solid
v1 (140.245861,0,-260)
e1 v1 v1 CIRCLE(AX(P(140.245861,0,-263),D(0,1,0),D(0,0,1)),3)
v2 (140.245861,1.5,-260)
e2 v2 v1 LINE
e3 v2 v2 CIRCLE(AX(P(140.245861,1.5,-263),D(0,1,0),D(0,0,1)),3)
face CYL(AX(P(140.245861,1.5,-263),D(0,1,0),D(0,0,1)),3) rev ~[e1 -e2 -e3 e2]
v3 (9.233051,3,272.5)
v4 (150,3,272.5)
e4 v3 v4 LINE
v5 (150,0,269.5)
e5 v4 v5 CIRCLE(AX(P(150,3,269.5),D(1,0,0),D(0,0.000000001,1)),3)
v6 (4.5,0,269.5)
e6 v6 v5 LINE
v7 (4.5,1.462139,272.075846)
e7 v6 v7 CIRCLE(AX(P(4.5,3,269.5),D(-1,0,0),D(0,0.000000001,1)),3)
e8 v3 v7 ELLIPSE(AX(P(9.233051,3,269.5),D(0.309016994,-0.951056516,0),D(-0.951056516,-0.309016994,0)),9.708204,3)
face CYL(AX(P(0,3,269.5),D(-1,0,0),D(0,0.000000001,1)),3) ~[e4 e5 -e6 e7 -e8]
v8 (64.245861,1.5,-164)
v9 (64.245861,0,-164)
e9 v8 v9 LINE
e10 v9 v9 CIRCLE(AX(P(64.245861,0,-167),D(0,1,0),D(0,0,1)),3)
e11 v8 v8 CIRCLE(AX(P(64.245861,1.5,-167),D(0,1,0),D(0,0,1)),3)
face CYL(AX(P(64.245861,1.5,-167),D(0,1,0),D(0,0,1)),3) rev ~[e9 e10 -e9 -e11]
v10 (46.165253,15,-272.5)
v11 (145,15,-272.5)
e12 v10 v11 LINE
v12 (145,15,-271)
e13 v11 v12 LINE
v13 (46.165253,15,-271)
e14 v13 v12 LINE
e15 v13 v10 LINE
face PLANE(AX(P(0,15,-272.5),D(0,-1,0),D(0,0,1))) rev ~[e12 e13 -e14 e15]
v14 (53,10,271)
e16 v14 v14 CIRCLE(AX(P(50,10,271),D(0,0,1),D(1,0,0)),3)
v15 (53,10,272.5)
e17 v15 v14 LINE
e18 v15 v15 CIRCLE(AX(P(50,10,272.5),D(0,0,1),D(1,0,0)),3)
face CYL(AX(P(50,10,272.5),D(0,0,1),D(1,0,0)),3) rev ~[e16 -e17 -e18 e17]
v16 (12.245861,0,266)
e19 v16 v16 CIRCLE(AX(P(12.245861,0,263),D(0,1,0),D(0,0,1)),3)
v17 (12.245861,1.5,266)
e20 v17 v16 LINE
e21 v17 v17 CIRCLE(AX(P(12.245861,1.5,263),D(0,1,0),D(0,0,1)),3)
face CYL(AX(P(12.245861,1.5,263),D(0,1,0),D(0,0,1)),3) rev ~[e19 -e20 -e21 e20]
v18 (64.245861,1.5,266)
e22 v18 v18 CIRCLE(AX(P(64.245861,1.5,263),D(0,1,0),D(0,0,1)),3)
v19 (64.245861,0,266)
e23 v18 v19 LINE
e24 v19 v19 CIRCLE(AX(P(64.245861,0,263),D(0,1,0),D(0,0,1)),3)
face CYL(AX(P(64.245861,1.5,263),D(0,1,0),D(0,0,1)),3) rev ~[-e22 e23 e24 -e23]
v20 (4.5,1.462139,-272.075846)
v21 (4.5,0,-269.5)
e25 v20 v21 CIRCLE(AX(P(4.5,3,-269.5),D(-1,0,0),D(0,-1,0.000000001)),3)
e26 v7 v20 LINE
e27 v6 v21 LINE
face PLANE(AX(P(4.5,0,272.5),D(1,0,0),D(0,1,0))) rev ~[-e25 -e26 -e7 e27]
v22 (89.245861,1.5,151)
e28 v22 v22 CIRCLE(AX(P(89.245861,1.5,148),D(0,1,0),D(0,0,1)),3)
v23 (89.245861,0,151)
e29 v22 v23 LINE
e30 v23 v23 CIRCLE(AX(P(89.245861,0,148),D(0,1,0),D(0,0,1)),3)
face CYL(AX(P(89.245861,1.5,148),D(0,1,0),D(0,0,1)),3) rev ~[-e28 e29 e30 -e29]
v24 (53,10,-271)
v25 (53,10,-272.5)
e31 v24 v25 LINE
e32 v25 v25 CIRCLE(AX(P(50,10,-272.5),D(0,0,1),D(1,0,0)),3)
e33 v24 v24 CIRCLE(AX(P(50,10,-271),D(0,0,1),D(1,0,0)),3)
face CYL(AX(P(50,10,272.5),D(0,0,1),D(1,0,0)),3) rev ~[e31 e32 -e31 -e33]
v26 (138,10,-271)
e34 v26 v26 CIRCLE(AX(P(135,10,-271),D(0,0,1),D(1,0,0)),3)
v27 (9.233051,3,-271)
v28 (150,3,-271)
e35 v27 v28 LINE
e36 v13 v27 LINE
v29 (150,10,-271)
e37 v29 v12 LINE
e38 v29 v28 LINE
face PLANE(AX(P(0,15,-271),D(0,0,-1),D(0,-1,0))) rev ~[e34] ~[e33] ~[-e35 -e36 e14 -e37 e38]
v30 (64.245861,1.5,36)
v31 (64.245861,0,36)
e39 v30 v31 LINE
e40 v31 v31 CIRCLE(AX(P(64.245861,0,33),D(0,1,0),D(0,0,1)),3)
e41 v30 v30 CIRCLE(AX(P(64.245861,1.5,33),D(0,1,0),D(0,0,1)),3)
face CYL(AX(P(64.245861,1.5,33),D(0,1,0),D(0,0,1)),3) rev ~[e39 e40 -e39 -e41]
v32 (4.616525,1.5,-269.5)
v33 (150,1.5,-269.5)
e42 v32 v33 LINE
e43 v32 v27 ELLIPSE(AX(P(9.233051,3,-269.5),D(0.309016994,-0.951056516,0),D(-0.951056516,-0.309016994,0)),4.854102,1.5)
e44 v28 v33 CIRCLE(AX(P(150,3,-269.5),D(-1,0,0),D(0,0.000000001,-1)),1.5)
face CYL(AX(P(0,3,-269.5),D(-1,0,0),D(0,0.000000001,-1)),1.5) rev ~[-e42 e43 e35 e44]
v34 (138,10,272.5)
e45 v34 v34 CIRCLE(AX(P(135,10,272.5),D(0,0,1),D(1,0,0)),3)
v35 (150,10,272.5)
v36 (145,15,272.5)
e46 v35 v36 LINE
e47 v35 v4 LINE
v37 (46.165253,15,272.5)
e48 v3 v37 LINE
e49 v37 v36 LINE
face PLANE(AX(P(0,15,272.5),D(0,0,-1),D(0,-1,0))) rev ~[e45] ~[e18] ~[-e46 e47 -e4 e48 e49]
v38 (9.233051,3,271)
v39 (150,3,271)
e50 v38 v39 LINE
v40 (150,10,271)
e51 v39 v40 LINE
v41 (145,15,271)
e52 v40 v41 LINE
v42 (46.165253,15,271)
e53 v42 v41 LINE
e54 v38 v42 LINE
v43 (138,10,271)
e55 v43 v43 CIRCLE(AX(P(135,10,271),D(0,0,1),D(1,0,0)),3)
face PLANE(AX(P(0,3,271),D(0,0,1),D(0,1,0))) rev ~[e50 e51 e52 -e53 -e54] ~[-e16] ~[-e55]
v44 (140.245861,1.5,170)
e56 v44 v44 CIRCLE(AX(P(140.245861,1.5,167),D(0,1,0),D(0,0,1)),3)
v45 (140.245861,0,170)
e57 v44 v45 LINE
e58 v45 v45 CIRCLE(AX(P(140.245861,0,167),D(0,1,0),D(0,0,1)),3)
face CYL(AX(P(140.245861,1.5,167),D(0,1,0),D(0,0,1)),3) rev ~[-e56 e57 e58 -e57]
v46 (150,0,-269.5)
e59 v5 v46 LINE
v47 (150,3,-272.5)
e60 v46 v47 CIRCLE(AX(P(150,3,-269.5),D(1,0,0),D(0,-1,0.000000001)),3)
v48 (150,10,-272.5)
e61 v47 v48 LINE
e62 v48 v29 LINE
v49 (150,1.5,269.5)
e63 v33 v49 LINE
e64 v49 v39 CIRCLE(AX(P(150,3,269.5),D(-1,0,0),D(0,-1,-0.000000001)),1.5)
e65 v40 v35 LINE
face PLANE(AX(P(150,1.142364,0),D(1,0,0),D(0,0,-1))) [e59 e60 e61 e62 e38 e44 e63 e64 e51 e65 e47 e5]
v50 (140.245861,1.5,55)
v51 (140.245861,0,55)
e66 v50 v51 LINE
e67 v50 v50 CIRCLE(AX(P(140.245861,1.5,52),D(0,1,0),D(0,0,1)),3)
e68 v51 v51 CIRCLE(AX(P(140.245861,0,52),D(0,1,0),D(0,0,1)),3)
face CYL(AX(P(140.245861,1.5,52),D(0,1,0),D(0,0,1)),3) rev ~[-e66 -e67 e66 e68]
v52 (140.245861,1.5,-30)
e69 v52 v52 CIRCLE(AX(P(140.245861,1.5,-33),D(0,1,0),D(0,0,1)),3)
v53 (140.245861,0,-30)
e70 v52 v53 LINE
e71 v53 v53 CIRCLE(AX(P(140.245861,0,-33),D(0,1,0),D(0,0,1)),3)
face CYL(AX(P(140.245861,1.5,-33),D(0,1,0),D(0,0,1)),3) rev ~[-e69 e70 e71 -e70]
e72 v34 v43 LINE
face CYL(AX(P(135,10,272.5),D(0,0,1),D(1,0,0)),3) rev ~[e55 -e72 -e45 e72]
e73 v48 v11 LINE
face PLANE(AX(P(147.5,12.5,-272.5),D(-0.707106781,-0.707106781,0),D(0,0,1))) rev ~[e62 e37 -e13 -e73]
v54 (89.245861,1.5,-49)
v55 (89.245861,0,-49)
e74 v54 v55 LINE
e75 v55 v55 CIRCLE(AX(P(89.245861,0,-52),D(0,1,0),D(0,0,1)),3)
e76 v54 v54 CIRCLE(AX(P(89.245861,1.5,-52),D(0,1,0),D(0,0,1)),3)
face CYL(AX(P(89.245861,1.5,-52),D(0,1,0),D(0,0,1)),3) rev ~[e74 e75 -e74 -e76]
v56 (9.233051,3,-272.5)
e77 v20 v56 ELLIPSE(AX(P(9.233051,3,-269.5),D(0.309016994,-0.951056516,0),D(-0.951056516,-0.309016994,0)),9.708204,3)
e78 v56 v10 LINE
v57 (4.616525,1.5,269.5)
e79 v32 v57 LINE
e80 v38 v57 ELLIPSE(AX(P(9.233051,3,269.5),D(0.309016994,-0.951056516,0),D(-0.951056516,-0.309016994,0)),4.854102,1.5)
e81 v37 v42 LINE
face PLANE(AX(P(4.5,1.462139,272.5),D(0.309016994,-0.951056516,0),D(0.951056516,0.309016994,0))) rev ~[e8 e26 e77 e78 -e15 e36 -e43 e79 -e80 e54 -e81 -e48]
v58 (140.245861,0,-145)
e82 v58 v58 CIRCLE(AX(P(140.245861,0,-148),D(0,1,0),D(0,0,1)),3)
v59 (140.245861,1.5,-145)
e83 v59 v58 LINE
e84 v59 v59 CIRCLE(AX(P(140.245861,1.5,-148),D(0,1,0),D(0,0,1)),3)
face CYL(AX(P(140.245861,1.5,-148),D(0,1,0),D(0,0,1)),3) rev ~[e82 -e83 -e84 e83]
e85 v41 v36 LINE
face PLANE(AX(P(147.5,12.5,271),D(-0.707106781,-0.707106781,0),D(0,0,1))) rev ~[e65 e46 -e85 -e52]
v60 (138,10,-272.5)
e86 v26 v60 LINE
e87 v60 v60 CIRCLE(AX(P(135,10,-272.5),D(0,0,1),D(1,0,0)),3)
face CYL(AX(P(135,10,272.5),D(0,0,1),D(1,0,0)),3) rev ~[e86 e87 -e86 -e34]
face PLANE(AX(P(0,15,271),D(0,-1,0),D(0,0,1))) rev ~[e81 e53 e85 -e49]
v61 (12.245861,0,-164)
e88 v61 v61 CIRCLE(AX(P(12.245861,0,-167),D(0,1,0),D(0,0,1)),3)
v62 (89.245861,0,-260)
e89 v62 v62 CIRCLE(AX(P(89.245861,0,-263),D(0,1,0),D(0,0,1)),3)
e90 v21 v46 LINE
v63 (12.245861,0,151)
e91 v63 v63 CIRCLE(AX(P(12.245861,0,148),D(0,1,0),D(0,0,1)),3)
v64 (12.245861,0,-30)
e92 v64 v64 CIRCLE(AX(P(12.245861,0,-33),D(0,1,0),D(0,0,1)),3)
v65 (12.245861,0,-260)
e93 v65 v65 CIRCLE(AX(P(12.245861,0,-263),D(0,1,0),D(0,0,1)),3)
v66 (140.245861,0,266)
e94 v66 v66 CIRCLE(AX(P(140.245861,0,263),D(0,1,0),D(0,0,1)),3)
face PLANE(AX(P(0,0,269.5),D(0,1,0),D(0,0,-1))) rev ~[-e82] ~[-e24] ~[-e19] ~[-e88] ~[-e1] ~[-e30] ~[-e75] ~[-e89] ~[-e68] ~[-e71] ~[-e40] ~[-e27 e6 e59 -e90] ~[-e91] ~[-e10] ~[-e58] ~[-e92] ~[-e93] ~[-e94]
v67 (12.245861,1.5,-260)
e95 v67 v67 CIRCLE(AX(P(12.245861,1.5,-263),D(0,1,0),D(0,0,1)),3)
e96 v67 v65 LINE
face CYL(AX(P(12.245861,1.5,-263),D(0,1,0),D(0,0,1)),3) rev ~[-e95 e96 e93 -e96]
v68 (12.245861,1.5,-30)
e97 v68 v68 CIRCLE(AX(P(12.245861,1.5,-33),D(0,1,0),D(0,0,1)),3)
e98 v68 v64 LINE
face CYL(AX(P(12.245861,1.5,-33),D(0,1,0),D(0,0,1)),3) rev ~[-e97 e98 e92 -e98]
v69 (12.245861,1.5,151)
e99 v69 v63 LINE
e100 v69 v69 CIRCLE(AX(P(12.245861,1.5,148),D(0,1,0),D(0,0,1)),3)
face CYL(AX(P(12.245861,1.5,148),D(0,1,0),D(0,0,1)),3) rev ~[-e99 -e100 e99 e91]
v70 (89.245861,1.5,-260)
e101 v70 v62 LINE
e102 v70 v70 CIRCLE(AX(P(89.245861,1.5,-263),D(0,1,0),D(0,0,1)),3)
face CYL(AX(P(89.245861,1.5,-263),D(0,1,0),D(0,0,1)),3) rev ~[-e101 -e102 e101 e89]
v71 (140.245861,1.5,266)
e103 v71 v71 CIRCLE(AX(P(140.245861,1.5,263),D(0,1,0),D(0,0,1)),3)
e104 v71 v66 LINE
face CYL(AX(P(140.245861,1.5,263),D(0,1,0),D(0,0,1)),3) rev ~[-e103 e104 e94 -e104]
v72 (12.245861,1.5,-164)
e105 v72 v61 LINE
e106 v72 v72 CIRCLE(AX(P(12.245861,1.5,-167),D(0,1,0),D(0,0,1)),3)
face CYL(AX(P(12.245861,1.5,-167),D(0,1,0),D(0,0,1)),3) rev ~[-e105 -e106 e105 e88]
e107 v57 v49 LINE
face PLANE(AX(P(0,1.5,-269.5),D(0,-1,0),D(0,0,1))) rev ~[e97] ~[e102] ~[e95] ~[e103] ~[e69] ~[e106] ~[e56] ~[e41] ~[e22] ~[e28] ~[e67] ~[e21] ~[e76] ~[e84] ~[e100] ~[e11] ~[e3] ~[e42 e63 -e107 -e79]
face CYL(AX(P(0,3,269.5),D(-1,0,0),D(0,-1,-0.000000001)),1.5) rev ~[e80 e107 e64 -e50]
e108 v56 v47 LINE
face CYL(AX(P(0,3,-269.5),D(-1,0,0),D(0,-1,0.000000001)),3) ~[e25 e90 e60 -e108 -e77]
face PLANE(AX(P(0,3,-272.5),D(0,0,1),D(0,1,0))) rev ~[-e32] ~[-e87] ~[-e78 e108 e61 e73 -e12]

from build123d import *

# Parameters (mm, degrees)
ESTRUSIONE_SOTTILE1_DEPTH = 150
SCHIZZO2_R                = 3
TAGLIO_ESTRUSIONE1_DEPTH  = 566.464410905
TAGLIO_ESTRUSIONE2_DEPTH  = 566.464410905
SCHIZZO4_R                = 3
TAGLIO_ESTRUSIONE3_DEPTH  = 10
SMUSSO1_SIZE              = 5


with BuildPart() as part:
    # Schizzo1 → Estrusione-Sottile1 (new body)
    with BuildSketch(Plane(origin=(0, 0, 0), x_dir=(0, 0, -1), z_dir=(1, 0, 0))):
        with BuildLine():
            Line((-272.5, 15), (-272.5, 3))
            ThreePointArc((-272.5, 3), (-271.621320344, 0.878679656), (-269.5, 0))
            Line((-269.5, 0), (269.5, 0))
            ThreePointArc((269.5, 0), (271.621320344, 0.878679656), (272.5, 3))
            Line((272.5, 3), (272.5, 15))
            Line((272.5, 15), (271, 15))
            Line((271, 15), (271, 3))
            ThreePointArc((271, 3), (270.560660172, 1.939339828), (269.5, 1.5))
            Line((269.5, 1.5), (-269.5, 1.5))
            ThreePointArc((-269.5, 1.5), (-270.560660172, 1.939339828), (-271, 3))
            Line((-271, 3), (-271, 15))
            Line((-271, 15), (-272.5, 15))
        make_face()
    extrude(amount=ESTRUSIONE_SOTTILE1_DEPTH)

    # Schizzo2 → Taglio-Estrusione1 (cut, through all)
    with BuildSketch(Plane.XY.offset(272.5)):
        with Locations((135, 10)):
            Circle(SCHIZZO2_R)
        with Locations((50, 10)):
            Circle(SCHIZZO2_R)
    extrude(amount=-TAGLIO_ESTRUSIONE1_DEPTH, mode=Mode.SUBTRACT)

    # Schizzo3 → Taglio-Estrusione2 (cut, through all)
    with BuildSketch(Plane.XY.offset(272.5)):
        Polygon((4.5, 1.462138633), (46.165253058, 15), (0, 15), (0, 0), (4.5, 0), align=None)
    extrude(amount=-TAGLIO_ESTRUSIONE2_DEPTH, mode=Mode.SUBTRACT)

    # Schizzo4 → Taglio-Estrusione3 (cut)
    with BuildSketch(Plane(origin=(0, 1.5, 0), x_dir=(1, 0, 0), z_dir=(0, 1, 0))):
        with Locations(Location((12.2458607, 33, 0), (0, 0, 270))):
            Circle(SCHIZZO4_R)
        with Locations(Location((12.2458607, 167, 0), (0, 0, 270))):
            Circle(SCHIZZO4_R)
        with Locations(Location((12.2458607, 263, 0), (0, 0, 270))):
            Circle(SCHIZZO4_R)
        with Locations(Location((12.2458607, -263, 0), (0, 0, 270))):
            Circle(SCHIZZO4_R)
        with Locations(Location((12.2458607, -148, 0), (0, 0, 270))):
            Circle(SCHIZZO4_R)
        with Locations(Location((64.2458607, 167, 0), (0, 0, 270))):
            Circle(SCHIZZO4_R)
        with Locations(Location((89.2458607, 52, 0), (0, 0, 270))):
            Circle(SCHIZZO4_R)
        with Locations(Location((64.2458607, -33, 0), (0, 0, 270))):
            Circle(SCHIZZO4_R)
        with Locations(Location((89.2458607, -148, 0), (0, 0, 270))):
            Circle(SCHIZZO4_R)
        with Locations(Location((64.2458607, -263, 0), (0, 0, 270))):
            Circle(SCHIZZO4_R)
        with Locations(Location((140.2458607, -167, 0), (0, 0, 270))):
            Circle(SCHIZZO4_R)
        with Locations(Location((140.2458607, -52, 0), (0, 0, 270))):
            Circle(SCHIZZO4_R)
        with Locations(Location((140.2458607, 33, 0), (0, 0, 270))):
            Circle(SCHIZZO4_R)
        with Locations(Location((140.2458607, 148, 0), (0, 0, 270))):
            Circle(SCHIZZO4_R)
        with Locations(Location((89.2458607, 263, 0), (0, 0, 270))):
            Circle(SCHIZZO4_R)
        with Locations(Location((140.2458607, 263, 0), (0, 0, 270))):
            Circle(SCHIZZO4_R)
        with Locations(Location((140.2458607, -263, 0), (0, 0, 270))):
            Circle(SCHIZZO4_R)
    extrude(amount=-TAGLIO_ESTRUSIONE3_DEPTH, mode=Mode.SUBTRACT)

    # Smusso1
    smusso1_edges = [part.edges().sort_by_distance(p)[0] for p in [
        (150, 15, -271.75),
        (150, 15, 271.75),
    ]]
    chamfer(smusso1_edges, length=SMUSSO1_SIZE)


solid = part.part
